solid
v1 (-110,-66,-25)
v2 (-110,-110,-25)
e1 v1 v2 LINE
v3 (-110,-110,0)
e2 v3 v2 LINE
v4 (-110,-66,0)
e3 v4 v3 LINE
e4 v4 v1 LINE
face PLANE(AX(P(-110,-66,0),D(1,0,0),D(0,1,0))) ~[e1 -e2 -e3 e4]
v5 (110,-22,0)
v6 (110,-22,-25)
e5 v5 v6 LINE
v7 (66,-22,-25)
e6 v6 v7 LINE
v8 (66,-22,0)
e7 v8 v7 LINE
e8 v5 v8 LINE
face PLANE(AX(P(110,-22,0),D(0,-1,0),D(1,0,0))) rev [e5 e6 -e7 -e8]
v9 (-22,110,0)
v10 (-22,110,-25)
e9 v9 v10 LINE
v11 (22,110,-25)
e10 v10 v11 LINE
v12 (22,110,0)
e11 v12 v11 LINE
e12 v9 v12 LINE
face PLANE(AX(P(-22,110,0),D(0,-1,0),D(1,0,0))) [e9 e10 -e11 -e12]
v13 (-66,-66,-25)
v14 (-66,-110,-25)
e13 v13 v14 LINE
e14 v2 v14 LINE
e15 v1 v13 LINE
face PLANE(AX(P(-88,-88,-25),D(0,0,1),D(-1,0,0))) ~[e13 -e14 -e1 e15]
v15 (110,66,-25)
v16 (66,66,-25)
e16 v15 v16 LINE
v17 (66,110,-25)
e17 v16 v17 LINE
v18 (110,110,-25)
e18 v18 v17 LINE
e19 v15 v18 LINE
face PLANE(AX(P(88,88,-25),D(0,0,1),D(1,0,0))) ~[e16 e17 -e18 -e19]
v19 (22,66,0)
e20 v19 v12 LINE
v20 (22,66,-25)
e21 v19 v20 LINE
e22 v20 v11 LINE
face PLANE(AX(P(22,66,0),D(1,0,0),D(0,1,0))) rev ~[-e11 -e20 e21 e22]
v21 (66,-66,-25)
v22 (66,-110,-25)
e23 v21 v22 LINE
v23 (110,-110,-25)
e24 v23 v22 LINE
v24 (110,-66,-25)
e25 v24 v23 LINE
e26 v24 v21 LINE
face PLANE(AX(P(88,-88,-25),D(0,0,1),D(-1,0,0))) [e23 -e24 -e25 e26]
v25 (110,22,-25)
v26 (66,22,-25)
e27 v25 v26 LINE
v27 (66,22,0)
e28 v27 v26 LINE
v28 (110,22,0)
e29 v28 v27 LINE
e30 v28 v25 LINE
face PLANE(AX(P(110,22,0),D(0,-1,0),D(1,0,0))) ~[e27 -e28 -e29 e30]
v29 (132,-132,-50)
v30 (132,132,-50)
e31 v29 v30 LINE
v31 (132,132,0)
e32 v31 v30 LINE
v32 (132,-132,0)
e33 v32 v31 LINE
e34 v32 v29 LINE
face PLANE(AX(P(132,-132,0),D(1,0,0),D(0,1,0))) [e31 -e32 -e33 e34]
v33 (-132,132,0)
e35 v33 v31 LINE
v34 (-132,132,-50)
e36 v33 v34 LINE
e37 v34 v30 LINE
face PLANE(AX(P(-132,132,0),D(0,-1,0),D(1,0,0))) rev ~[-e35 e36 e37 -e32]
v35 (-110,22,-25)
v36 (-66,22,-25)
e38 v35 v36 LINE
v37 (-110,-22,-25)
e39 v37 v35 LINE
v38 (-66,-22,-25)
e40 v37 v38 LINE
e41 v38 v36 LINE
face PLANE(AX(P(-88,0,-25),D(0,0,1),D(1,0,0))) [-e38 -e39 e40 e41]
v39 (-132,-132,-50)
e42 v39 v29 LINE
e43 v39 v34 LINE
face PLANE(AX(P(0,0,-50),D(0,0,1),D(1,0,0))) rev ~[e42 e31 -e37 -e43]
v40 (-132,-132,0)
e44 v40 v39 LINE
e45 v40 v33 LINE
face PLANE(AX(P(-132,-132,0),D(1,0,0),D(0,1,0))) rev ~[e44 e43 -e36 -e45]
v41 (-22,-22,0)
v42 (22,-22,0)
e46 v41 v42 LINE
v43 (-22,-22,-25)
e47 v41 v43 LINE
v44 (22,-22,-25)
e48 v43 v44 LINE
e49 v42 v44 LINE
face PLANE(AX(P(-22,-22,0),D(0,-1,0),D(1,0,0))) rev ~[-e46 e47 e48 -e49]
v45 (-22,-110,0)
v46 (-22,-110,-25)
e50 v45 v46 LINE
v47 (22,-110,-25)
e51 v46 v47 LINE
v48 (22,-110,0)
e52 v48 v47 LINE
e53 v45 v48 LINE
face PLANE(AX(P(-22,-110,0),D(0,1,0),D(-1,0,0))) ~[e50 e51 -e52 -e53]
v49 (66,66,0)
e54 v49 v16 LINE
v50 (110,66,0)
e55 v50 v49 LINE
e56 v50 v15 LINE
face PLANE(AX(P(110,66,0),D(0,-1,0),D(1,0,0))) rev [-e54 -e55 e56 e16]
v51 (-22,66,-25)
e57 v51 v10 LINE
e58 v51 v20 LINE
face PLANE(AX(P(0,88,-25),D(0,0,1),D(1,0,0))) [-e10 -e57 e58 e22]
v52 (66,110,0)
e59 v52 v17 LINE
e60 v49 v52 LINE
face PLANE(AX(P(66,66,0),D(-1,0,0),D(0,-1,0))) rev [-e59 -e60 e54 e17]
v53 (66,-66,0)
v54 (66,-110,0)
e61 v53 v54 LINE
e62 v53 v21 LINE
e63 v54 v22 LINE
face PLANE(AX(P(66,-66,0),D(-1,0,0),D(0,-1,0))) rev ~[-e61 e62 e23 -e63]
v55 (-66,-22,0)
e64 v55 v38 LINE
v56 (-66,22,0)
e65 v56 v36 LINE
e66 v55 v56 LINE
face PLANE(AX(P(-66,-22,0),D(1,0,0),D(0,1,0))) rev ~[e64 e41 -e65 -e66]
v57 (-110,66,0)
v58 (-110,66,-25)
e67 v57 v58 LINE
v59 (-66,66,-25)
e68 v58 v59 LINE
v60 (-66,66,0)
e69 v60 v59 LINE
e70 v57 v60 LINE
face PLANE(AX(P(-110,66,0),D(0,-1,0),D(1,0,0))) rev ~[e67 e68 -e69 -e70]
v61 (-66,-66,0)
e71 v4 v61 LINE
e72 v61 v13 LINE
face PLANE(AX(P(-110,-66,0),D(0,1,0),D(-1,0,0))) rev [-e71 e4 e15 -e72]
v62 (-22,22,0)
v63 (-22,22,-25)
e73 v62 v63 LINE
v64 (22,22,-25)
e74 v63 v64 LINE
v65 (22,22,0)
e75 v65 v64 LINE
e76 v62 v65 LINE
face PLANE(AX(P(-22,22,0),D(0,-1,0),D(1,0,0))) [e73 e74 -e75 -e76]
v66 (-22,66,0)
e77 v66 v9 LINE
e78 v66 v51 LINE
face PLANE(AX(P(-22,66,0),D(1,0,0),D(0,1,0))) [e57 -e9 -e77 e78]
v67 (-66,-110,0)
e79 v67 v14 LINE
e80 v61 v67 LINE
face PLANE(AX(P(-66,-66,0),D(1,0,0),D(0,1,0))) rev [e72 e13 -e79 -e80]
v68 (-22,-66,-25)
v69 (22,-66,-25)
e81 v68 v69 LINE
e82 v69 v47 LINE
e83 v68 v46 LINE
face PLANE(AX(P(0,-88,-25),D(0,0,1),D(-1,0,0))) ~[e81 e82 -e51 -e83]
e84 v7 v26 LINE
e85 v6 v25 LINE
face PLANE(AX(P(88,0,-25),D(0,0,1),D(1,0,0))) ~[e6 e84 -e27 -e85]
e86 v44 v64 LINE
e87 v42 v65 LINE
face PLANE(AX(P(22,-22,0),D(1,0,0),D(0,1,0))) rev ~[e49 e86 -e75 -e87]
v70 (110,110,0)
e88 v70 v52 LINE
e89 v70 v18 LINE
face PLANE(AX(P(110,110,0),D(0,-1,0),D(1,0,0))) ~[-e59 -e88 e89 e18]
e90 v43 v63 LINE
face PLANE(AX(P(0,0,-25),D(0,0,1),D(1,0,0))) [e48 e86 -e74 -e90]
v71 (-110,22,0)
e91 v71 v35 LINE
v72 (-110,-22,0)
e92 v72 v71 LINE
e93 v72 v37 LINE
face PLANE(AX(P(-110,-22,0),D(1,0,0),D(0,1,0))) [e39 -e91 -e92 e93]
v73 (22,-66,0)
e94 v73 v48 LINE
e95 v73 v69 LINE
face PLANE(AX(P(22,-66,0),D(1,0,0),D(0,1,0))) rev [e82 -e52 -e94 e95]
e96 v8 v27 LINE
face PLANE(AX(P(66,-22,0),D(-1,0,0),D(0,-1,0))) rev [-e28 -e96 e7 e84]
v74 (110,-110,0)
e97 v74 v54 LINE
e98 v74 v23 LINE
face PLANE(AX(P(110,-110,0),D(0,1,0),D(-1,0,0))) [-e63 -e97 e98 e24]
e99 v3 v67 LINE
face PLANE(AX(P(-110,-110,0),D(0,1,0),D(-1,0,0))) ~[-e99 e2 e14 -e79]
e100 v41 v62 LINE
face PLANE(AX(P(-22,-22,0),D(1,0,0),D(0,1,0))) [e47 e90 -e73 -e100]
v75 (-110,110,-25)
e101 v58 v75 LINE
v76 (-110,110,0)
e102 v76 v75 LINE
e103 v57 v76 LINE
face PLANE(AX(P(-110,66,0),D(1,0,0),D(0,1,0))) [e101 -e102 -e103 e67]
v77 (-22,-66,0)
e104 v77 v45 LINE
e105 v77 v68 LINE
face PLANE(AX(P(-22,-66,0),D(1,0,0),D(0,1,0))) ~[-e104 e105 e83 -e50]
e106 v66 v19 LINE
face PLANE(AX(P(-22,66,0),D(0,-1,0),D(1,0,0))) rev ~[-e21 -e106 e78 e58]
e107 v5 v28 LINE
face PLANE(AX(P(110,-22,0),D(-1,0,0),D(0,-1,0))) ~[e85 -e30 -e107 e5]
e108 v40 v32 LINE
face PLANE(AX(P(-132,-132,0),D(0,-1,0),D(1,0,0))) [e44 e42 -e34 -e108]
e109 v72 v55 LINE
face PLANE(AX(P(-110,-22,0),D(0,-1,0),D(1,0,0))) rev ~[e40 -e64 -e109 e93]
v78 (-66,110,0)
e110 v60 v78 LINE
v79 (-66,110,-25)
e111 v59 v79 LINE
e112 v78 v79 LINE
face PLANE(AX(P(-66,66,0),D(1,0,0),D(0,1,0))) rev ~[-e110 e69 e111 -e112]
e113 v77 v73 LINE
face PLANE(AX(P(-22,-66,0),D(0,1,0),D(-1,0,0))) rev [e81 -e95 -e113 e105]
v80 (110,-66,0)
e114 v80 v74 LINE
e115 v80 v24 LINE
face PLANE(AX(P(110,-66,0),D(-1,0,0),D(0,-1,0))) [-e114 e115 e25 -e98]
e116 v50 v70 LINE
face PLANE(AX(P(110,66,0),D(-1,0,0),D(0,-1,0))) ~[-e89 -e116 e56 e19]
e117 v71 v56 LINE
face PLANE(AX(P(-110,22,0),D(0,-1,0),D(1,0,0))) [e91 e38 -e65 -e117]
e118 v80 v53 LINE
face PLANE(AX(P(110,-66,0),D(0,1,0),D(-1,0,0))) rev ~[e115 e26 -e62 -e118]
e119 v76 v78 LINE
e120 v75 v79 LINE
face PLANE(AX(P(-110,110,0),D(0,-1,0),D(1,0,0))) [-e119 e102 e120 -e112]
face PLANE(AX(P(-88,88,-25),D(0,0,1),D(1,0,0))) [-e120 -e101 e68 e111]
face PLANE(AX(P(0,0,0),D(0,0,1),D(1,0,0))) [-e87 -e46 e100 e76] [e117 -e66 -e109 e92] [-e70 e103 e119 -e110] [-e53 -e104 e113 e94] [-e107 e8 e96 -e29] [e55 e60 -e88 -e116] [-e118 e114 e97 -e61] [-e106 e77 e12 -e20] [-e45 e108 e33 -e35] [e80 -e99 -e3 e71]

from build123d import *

# Parameters (mm, degrees)
F0_W     = 44
F0_H     = 44
F1_DEPTH = 25
F0_W_2   = 264
F0_H_2   = 264
F4_DEPTH = 50


with BuildPart() as f1:
    # F0 (on Top) → F1 (new body)
    with BuildSketch(Plane.XY):
        with Locations((-88, 0)):
            Rectangle(F0_W, F0_H)
        with Locations((-88, 88)):
            Rectangle(F0_W, F0_H)
        with Locations((0, 88)):
            Rectangle(F0_W, F0_H)
        Rectangle(F0_W, F0_H)
    extrude(amount=-F1_DEPTH)


with BuildPart() as f2_1:
    # F2: instance of F1
    add(f1.part.mirror(Plane.YZ))


with BuildPart() as f3_1:
    # F3: instance of F1
    add(f1.part.mirror(Plane.XZ))


with BuildPart() as f3_2:
    # F3: instance of F2_1
    add(f2_1.part.mirror(Plane.XZ))


with BuildPart() as f4:
    # F0 (on Top) → F4 (new body)
    with BuildSketch(Plane.XY):
        Rectangle(F0_W_2, F0_H_2)
        with Locations((-88, 0)):
            Rectangle(F0_W, F0_H, mode=Mode.SUBTRACT)
        with Locations((-88, 88)):
            Rectangle(F0_W, F0_H, mode=Mode.SUBTRACT)
        Rectangle(F0_W, F0_H, mode=Mode.SUBTRACT)
        with Locations((0, 88)):
            Rectangle(F0_W, F0_H, mode=Mode.SUBTRACT)
        with Locations((-88, 0)):
            Rectangle(F0_W, F0_H)
        Rectangle(F0_W, F0_H)
        with Locations((-88, 88)):
            Rectangle(F0_W, F0_H)
        with Locations((0, 88)):
            Rectangle(F0_W, F0_H)
    extrude(amount=-F4_DEPTH)

    # F5: cut F1, F2_1, F3_1, F3_2
    add(f1.part, mode=Mode.SUBTRACT)
    add(f2_1.part, mode=Mode.SUBTRACT)
    add(f3_1.part, mode=Mode.SUBTRACT)
    add(f3_2.part, mode=Mode.SUBTRACT)


solid = f4.part
